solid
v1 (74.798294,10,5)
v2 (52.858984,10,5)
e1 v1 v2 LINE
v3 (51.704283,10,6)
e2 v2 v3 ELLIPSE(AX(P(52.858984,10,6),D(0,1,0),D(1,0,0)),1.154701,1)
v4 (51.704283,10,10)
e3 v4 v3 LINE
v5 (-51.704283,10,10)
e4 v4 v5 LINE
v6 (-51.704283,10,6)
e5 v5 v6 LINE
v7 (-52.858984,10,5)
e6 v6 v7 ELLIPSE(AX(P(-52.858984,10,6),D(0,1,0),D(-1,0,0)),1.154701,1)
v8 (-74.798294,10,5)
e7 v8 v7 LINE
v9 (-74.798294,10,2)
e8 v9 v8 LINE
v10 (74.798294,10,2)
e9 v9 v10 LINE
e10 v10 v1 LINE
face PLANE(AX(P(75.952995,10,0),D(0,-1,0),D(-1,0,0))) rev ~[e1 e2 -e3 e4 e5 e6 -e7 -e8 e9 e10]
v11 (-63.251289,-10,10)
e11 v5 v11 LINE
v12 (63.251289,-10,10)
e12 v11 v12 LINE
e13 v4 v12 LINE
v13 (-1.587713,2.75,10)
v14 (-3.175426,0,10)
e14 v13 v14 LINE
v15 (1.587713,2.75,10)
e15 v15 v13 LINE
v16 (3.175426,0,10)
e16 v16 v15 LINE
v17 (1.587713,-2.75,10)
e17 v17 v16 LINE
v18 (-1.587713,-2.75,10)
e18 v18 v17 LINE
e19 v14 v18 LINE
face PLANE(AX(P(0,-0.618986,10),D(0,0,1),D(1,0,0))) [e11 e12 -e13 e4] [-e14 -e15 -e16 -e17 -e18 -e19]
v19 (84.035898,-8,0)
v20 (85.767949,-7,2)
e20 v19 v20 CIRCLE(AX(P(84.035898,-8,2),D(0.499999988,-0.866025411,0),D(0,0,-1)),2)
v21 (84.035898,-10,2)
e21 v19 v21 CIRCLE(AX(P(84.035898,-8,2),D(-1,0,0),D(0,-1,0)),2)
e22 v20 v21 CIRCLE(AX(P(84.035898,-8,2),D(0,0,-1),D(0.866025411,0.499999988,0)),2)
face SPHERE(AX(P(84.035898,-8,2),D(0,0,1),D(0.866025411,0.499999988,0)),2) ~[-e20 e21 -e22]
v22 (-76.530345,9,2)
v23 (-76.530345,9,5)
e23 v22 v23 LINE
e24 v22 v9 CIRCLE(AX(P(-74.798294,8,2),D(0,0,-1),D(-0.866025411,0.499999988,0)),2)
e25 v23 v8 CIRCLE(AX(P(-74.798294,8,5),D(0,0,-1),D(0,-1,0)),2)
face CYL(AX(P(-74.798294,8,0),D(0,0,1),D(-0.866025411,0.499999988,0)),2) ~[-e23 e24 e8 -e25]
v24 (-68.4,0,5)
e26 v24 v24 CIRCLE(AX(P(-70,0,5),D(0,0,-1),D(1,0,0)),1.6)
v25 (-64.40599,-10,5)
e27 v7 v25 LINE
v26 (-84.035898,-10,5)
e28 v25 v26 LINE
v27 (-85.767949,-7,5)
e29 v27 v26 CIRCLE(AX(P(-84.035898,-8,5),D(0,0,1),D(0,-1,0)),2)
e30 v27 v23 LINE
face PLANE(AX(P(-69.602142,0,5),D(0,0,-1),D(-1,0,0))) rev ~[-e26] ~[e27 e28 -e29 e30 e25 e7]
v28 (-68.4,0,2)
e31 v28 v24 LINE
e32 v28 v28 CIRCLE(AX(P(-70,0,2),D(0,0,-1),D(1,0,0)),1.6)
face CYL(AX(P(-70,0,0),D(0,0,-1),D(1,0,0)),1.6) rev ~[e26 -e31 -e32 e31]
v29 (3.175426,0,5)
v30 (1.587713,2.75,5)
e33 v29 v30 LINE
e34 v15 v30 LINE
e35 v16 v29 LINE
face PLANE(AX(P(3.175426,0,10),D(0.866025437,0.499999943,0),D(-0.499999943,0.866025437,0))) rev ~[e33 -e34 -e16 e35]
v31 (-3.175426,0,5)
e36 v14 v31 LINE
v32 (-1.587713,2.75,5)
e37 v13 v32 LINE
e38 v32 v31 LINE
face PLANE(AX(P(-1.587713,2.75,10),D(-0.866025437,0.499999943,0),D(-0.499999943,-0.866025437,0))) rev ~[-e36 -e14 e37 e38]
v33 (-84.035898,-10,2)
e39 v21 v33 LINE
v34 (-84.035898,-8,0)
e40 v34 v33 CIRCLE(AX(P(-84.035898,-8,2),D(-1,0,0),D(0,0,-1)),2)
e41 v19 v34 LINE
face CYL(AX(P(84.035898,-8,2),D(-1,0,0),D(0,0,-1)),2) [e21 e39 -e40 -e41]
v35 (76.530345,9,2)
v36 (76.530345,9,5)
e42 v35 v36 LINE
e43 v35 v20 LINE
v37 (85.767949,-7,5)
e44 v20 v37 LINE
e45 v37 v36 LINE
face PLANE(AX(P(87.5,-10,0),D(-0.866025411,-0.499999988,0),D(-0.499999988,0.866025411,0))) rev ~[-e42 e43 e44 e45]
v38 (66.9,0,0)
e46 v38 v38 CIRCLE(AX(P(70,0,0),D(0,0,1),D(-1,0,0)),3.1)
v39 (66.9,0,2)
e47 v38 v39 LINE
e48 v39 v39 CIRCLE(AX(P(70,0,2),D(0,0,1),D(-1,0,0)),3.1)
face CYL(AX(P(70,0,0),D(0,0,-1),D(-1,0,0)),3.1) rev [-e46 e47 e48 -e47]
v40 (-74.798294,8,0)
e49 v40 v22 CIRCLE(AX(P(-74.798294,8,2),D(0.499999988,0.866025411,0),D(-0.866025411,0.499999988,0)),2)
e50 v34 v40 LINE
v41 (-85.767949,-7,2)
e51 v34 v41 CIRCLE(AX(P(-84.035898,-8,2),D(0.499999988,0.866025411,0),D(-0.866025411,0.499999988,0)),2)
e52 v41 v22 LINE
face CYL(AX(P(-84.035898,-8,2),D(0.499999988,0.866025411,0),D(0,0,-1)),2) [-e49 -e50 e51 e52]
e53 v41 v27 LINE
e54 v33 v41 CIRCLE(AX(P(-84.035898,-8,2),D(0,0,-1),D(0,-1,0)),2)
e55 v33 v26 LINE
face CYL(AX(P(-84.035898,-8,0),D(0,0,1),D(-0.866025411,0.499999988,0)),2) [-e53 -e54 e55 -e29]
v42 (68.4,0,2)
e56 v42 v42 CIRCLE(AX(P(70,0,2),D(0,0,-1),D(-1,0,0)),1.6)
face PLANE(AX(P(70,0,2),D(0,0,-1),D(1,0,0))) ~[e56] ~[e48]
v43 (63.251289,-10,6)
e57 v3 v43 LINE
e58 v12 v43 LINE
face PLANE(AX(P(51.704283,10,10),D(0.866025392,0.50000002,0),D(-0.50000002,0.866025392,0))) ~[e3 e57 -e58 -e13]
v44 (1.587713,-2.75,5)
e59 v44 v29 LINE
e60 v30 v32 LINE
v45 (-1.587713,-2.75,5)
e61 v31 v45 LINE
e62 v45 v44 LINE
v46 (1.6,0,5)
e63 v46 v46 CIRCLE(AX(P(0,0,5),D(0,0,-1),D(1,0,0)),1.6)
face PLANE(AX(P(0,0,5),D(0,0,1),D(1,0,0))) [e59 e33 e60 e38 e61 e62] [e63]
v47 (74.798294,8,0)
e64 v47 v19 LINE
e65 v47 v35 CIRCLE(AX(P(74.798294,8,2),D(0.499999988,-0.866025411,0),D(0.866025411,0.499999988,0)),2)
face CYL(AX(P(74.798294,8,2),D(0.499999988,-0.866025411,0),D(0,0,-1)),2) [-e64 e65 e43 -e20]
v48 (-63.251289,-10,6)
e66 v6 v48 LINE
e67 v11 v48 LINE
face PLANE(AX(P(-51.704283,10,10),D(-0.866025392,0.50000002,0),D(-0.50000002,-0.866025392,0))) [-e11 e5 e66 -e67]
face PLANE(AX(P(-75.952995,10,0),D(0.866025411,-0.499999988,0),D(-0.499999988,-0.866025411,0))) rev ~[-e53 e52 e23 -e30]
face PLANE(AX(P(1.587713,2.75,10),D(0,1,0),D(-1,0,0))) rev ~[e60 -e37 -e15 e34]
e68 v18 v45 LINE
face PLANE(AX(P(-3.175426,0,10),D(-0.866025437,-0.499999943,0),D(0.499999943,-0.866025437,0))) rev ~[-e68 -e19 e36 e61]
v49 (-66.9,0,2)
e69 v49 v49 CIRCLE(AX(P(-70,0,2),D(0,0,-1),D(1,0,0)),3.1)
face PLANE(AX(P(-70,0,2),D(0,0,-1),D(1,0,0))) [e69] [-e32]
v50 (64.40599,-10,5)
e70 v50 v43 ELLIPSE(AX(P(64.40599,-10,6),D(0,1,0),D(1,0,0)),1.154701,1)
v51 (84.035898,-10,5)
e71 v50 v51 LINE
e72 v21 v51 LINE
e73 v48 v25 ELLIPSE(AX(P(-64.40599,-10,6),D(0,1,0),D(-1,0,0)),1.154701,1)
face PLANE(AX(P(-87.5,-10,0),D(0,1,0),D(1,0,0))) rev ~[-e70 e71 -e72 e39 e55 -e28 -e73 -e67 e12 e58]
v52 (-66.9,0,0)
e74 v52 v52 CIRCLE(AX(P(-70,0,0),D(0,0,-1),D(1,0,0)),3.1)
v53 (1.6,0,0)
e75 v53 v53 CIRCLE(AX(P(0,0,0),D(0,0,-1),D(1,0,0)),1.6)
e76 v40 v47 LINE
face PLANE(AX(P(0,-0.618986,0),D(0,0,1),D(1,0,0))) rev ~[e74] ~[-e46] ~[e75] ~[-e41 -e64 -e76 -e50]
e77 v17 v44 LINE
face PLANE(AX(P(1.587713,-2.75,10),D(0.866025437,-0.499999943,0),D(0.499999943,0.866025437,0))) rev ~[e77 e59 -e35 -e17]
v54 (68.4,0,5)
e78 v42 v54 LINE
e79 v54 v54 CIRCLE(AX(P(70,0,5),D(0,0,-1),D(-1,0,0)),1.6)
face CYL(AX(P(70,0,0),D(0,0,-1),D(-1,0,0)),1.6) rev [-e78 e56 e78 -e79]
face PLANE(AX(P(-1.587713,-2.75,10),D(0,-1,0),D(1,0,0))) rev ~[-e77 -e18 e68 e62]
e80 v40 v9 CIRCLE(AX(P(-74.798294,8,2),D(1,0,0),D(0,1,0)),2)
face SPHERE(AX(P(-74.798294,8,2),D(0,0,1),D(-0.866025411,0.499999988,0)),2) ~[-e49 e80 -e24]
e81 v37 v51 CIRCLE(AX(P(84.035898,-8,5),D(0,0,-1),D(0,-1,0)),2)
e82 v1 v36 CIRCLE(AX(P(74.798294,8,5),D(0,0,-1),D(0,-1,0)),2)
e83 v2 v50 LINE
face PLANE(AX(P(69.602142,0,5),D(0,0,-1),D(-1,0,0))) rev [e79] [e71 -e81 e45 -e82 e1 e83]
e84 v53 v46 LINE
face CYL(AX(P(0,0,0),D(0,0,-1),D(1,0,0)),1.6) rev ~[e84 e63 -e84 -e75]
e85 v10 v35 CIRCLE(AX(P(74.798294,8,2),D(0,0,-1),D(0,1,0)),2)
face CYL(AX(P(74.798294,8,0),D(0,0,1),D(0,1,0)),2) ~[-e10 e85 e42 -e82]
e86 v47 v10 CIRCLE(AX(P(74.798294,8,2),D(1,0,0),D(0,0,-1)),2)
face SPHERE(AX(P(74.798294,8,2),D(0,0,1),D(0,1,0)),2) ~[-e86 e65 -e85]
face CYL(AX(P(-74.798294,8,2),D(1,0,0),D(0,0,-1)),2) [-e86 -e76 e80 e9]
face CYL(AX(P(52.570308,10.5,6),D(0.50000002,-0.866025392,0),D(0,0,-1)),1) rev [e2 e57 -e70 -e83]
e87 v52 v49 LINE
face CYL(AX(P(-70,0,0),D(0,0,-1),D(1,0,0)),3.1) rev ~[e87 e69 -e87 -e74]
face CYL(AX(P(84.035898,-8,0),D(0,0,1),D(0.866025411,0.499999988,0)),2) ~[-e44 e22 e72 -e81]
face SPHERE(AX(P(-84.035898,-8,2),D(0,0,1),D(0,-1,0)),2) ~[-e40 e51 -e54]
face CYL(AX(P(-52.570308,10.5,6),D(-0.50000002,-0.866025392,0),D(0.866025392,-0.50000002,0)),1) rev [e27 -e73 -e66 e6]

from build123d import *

# Parameters (mm, degrees)
PAD_DEPTH       = 10
POCKET_DEPTH    = 5
SKETCH002_R     = 1.6
POCKET001_DEPTH = 10.001
SKETCH003_R     = 1.6
POCKET002_DEPTH = 362.846575
POCKET003_DEPTH = 5
SKETCH005_R     = 3.1
POCKET004_DEPTH = 2
FILLET_R        = 2
FILLET001_R     = 2
FILLET002_R     = 2
FILLET003_R     = 2
FILLET004_R     = 2
FILLET005_R     = 1
FILLET006_R     = 1


with BuildPart() as part:
    # Sketch → Pad (new body)
    with BuildSketch(Plane.XY):
        Polygon((-75.952995, 10), (-87.5, -10), (87.5, -10), (75.952995, 10), align=None)
    extrude(amount=PAD_DEPTH)

    # Sketch001 → Pocket (cut)
    with BuildSketch(Plane.XY.offset(10)):
        Polygon((-75.952995, 10), (-51.704283, 10), (-63.251289, -10), (-87.5, -10), align=None)
    pocket = extrude(amount=-POCKET_DEPTH, mode=Mode.SUBTRACT)

    # Mirrored: Pocket across Sketch001 V_Axis
    add(pocket.mirror(Plane(origin=(0, 0, 10), x_dir=(0, 0, 1), z_dir=(1, 0, 0))), mode=Mode.SUBTRACT)

    # Sketch002 → Pocket001 (cut, through all)
    with BuildSketch(Plane(origin=(0, 0, 0), x_dir=(1, 0, 0), z_dir=(0, 0, -1))):
        Circle(SKETCH002_R)
    extrude(amount=-POCKET001_DEPTH, mode=Mode.SUBTRACT)

    # Sketch003 → Pocket002 (cut, through all)
    with BuildSketch(Plane(origin=(0, 0, 0), x_dir=(1, 0, 0), z_dir=(0, 0, -1))):
        with Locations((-70, 0)):
            Circle(SKETCH003_R)
    pocket002 = extrude(amount=-POCKET002_DEPTH, mode=Mode.SUBTRACT)

    # Mirrored001: Pocket002 across Sketch003 V_Axis
    add(pocket002.mirror(Plane(origin=(0, 0, 0), x_dir=(0, 0, -1), z_dir=(1, 0, 0))), mode=Mode.SUBTRACT)

    # Sketch004 → Pocket003 (cut)
    with BuildSketch(Plane.XY.offset(10)):
        Polygon((3.175426, 0), (1.587713, 2.75), (-1.587713, 2.75), (-3.175426, 0), (-1.587713, -2.75), (1.587713, -2.75), align=None)
    extrude(amount=-POCKET003_DEPTH, mode=Mode.SUBTRACT)

    # Sketch005 → Pocket004 (cut)
    with BuildSketch(Plane(origin=(0, 0, 0), x_dir=(1, 0, 0), z_dir=(0, 0, -1))):
        with Locations((-70, 0)):
            Circle(SKETCH005_R)
    pocket004 = extrude(amount=-POCKET004_DEPTH, mode=Mode.SUBTRACT)

    # Mirrored002: Pocket004 across Sketch005 V_Axis
    add(pocket004.mirror(Plane(origin=(0, 0, 0), x_dir=(0, 0, -1), z_dir=(1, 0, 0))), mode=Mode.SUBTRACT)

    # Fillet
    fillet_edges = [part.edges().sort_by_distance(p)[0] for p in [
        (-75.952995, 10, 2.5),
    ]]
    fillet(fillet_edges, radius=FILLET_R)

    # Fillet001
    fillet001_edges = [part.edges().sort_by_distance(p)[0] for p in [
        (-87.5, -10, 2.5),
    ]]
    fillet(fillet001_edges, radius=FILLET001_R)

    # Fillet002
    fillet002_edges = [part.edges().sort_by_distance(p)[0] for p in [
        (75.952995, 10, 2.5),
    ]]
    fillet(fillet002_edges, radius=FILLET002_R)

    # Fillet003
    fillet003_edges = [part.edges().sort_by_distance(p)[0] for p in [
        (87.5, -10, 2.5),
    ]]
    fillet(fillet003_edges, radius=FILLET003_R)

    # Fillet004
    fillet004_edges = [part.edges().sort_by_distance(p)[0] for p in [
        (-75.798294, 9.732051, 0),
    ]]
    fillet(fillet004_edges, radius=FILLET004_R)

    # Fillet005
    fillet005_edges = [part.edges().sort_by_distance(p)[0] for p in [
        (57.477786, 0, 5),
    ]]
    fillet(fillet005_edges, radius=FILLET005_R)

    # Fillet006
    fillet006_edges = [part.edges().sort_by_distance(p)[0] for p in [
        (-57.477786, 0, 5),
    ]]
    fillet(fillet006_edges, radius=FILLET006_R)


solid = part.part
